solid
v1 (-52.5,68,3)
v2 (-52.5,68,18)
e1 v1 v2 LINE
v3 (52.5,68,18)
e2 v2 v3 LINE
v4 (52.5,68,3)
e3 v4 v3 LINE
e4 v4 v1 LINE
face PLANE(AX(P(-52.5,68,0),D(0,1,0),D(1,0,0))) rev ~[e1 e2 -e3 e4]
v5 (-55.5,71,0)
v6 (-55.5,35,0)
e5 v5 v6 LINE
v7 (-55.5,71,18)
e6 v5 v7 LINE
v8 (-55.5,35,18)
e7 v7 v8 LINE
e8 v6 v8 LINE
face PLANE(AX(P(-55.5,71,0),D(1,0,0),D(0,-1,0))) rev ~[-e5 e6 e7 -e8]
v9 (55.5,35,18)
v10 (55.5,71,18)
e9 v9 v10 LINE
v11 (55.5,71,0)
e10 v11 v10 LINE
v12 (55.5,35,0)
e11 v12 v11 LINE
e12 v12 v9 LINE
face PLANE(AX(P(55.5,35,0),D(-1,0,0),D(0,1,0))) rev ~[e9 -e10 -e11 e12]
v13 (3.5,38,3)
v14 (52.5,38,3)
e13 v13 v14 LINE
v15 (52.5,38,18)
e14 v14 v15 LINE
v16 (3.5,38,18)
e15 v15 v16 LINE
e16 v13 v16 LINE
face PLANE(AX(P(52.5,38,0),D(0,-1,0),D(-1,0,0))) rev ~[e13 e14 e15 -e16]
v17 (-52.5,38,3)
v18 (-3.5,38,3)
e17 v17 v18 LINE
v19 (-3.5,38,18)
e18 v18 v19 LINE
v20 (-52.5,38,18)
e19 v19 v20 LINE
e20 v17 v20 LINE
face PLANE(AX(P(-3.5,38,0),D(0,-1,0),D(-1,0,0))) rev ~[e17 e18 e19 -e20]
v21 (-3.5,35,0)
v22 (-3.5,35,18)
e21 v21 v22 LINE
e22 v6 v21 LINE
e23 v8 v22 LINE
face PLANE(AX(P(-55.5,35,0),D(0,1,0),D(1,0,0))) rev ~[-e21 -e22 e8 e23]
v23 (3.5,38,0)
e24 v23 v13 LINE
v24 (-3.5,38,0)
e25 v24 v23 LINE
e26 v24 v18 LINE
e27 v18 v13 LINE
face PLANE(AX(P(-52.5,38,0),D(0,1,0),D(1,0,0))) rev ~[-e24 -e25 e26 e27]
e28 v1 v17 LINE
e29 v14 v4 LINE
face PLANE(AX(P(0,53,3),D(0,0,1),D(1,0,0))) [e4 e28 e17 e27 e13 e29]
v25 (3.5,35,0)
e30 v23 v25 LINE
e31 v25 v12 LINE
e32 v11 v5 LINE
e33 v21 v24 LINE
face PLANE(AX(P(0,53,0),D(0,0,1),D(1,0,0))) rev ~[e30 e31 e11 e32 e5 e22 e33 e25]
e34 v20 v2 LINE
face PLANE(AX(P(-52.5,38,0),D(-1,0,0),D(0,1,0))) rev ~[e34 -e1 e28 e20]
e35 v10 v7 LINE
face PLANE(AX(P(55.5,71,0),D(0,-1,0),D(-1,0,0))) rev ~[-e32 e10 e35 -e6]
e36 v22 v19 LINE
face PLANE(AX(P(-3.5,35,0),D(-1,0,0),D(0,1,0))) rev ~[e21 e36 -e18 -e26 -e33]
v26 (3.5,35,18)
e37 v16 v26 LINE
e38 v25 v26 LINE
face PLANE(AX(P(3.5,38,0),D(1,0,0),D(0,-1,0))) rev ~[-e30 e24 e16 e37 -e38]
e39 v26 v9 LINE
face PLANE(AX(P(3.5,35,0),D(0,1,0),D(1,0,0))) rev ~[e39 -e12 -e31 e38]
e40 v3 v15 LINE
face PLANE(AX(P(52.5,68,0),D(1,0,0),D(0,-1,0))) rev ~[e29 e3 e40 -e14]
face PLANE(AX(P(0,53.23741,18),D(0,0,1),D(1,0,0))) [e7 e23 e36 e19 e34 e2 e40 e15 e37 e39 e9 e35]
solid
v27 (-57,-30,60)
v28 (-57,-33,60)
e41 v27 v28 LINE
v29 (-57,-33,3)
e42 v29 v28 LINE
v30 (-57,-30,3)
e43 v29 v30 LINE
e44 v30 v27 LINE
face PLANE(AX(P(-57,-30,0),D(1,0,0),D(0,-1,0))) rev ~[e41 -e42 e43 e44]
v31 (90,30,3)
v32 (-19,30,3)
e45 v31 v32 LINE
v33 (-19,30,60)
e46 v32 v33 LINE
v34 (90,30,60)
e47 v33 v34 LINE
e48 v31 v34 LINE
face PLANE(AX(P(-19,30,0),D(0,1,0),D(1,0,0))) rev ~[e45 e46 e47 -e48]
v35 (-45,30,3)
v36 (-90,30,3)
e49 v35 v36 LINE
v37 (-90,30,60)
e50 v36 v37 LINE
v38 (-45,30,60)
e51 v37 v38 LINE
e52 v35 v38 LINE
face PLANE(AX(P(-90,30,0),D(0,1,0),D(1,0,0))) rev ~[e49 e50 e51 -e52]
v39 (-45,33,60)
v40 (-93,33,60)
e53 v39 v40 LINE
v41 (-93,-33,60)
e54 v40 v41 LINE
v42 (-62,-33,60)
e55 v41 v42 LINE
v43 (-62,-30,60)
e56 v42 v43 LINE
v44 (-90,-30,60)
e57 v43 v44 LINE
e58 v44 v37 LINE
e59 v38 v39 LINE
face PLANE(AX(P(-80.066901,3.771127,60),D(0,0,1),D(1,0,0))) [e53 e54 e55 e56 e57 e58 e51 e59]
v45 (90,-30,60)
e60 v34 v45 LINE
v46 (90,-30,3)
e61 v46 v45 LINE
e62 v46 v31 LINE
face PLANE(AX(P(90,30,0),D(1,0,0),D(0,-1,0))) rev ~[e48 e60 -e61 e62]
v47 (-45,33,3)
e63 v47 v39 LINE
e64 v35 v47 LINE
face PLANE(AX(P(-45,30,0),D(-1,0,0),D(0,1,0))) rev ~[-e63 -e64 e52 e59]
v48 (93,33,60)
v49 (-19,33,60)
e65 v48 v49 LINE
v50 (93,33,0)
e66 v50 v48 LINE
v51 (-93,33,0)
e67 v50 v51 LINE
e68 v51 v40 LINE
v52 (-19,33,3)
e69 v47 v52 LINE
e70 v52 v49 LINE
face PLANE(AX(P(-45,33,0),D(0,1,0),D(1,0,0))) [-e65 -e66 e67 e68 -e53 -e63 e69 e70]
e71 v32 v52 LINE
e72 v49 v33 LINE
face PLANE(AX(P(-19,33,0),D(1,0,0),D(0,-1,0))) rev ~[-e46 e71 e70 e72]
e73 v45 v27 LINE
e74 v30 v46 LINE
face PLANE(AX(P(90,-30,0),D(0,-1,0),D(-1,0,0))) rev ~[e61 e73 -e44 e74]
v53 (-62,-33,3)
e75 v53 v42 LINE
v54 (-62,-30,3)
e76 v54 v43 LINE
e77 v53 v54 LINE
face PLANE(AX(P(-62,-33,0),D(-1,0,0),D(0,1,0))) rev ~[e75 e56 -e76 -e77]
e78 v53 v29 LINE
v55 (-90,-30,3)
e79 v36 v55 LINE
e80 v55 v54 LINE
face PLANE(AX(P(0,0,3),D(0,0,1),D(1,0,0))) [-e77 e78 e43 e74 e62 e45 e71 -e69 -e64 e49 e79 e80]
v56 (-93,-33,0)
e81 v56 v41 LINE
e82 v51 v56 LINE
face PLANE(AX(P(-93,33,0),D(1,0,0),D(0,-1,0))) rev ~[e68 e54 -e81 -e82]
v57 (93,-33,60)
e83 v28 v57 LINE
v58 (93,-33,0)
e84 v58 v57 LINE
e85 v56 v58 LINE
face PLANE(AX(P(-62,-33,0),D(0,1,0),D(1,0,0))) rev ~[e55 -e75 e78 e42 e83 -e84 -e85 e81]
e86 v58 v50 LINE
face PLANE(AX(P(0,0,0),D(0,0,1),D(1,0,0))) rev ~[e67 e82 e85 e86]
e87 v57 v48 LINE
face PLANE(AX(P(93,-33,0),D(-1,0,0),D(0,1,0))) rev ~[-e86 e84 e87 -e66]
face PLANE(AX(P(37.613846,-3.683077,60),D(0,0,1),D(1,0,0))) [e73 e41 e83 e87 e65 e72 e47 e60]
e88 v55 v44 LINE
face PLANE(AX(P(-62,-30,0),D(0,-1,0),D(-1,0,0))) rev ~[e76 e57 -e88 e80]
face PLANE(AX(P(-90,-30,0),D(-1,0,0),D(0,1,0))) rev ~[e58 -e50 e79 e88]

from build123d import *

# Parameters (mm, degrees)
F2_DEPTH = 3
F4_DEPTH = 18
F0_W     = 5
F0_H     = 3
F0_W_2   = 26
F5_DEPTH = 3
F7_DEPTH = 60


with BuildPart() as f2:
    # F1 (on Top) → F2 (new body)
    with BuildSketch(Plane.XY):
        Polygon((3.5, 38), (52.5, 38), (52.5, 68), (-52.5, 68), (-52.5, 38), (-3.5, 38), align=None)
    extrude(amount=F2_DEPTH)

    # F3 (on Top) → F4 (join)
    with BuildSketch(Plane.XY):
        Polygon((52.5, 68), (52.5, 38), (3.5, 38), (3.5, 35), (55.5, 35), (55.5, 71), (-55.5, 71), (-55.5, 35), (-3.5, 35), (-3.5, 38), (-52.5, 38), (-52.5, 68), align=None)
    extrude(amount=F4_DEPTH)


with BuildPart() as f5:
    # F0 (on Top) → F5 (new body)
    with BuildSketch(Plane.XY):
        Polygon((-57, -30), (90, -30), (90, 30), (-19, 30), (-45, 30), (-90, 30), (-90, -30), (-62, -30), align=None)
        with Locations((-59.5, -31.5)):
            Rectangle(F0_W, F0_H)
        with Locations((-32, 31.5)):
            Rectangle(F0_W_2, F0_H)
    extrude(amount=F5_DEPTH)

    # F6 (on Top) → F7 (join)
    with BuildSketch(Plane.XY):
        Polygon((90, 30), (90, -30), (-57, -30), (-57, -33), (93, -33), (93, 33), (-19, 33), (-19, 30), align=None)
        Polygon((-62, -33), (-62, -30), (-90, -30), (-90, 30), (-45, 30), (-45, 33), (-93, 33), (-93, -33), align=None)
    extrude(amount=F7_DEPTH)


solid = Compound([f2.part, f5.part])
